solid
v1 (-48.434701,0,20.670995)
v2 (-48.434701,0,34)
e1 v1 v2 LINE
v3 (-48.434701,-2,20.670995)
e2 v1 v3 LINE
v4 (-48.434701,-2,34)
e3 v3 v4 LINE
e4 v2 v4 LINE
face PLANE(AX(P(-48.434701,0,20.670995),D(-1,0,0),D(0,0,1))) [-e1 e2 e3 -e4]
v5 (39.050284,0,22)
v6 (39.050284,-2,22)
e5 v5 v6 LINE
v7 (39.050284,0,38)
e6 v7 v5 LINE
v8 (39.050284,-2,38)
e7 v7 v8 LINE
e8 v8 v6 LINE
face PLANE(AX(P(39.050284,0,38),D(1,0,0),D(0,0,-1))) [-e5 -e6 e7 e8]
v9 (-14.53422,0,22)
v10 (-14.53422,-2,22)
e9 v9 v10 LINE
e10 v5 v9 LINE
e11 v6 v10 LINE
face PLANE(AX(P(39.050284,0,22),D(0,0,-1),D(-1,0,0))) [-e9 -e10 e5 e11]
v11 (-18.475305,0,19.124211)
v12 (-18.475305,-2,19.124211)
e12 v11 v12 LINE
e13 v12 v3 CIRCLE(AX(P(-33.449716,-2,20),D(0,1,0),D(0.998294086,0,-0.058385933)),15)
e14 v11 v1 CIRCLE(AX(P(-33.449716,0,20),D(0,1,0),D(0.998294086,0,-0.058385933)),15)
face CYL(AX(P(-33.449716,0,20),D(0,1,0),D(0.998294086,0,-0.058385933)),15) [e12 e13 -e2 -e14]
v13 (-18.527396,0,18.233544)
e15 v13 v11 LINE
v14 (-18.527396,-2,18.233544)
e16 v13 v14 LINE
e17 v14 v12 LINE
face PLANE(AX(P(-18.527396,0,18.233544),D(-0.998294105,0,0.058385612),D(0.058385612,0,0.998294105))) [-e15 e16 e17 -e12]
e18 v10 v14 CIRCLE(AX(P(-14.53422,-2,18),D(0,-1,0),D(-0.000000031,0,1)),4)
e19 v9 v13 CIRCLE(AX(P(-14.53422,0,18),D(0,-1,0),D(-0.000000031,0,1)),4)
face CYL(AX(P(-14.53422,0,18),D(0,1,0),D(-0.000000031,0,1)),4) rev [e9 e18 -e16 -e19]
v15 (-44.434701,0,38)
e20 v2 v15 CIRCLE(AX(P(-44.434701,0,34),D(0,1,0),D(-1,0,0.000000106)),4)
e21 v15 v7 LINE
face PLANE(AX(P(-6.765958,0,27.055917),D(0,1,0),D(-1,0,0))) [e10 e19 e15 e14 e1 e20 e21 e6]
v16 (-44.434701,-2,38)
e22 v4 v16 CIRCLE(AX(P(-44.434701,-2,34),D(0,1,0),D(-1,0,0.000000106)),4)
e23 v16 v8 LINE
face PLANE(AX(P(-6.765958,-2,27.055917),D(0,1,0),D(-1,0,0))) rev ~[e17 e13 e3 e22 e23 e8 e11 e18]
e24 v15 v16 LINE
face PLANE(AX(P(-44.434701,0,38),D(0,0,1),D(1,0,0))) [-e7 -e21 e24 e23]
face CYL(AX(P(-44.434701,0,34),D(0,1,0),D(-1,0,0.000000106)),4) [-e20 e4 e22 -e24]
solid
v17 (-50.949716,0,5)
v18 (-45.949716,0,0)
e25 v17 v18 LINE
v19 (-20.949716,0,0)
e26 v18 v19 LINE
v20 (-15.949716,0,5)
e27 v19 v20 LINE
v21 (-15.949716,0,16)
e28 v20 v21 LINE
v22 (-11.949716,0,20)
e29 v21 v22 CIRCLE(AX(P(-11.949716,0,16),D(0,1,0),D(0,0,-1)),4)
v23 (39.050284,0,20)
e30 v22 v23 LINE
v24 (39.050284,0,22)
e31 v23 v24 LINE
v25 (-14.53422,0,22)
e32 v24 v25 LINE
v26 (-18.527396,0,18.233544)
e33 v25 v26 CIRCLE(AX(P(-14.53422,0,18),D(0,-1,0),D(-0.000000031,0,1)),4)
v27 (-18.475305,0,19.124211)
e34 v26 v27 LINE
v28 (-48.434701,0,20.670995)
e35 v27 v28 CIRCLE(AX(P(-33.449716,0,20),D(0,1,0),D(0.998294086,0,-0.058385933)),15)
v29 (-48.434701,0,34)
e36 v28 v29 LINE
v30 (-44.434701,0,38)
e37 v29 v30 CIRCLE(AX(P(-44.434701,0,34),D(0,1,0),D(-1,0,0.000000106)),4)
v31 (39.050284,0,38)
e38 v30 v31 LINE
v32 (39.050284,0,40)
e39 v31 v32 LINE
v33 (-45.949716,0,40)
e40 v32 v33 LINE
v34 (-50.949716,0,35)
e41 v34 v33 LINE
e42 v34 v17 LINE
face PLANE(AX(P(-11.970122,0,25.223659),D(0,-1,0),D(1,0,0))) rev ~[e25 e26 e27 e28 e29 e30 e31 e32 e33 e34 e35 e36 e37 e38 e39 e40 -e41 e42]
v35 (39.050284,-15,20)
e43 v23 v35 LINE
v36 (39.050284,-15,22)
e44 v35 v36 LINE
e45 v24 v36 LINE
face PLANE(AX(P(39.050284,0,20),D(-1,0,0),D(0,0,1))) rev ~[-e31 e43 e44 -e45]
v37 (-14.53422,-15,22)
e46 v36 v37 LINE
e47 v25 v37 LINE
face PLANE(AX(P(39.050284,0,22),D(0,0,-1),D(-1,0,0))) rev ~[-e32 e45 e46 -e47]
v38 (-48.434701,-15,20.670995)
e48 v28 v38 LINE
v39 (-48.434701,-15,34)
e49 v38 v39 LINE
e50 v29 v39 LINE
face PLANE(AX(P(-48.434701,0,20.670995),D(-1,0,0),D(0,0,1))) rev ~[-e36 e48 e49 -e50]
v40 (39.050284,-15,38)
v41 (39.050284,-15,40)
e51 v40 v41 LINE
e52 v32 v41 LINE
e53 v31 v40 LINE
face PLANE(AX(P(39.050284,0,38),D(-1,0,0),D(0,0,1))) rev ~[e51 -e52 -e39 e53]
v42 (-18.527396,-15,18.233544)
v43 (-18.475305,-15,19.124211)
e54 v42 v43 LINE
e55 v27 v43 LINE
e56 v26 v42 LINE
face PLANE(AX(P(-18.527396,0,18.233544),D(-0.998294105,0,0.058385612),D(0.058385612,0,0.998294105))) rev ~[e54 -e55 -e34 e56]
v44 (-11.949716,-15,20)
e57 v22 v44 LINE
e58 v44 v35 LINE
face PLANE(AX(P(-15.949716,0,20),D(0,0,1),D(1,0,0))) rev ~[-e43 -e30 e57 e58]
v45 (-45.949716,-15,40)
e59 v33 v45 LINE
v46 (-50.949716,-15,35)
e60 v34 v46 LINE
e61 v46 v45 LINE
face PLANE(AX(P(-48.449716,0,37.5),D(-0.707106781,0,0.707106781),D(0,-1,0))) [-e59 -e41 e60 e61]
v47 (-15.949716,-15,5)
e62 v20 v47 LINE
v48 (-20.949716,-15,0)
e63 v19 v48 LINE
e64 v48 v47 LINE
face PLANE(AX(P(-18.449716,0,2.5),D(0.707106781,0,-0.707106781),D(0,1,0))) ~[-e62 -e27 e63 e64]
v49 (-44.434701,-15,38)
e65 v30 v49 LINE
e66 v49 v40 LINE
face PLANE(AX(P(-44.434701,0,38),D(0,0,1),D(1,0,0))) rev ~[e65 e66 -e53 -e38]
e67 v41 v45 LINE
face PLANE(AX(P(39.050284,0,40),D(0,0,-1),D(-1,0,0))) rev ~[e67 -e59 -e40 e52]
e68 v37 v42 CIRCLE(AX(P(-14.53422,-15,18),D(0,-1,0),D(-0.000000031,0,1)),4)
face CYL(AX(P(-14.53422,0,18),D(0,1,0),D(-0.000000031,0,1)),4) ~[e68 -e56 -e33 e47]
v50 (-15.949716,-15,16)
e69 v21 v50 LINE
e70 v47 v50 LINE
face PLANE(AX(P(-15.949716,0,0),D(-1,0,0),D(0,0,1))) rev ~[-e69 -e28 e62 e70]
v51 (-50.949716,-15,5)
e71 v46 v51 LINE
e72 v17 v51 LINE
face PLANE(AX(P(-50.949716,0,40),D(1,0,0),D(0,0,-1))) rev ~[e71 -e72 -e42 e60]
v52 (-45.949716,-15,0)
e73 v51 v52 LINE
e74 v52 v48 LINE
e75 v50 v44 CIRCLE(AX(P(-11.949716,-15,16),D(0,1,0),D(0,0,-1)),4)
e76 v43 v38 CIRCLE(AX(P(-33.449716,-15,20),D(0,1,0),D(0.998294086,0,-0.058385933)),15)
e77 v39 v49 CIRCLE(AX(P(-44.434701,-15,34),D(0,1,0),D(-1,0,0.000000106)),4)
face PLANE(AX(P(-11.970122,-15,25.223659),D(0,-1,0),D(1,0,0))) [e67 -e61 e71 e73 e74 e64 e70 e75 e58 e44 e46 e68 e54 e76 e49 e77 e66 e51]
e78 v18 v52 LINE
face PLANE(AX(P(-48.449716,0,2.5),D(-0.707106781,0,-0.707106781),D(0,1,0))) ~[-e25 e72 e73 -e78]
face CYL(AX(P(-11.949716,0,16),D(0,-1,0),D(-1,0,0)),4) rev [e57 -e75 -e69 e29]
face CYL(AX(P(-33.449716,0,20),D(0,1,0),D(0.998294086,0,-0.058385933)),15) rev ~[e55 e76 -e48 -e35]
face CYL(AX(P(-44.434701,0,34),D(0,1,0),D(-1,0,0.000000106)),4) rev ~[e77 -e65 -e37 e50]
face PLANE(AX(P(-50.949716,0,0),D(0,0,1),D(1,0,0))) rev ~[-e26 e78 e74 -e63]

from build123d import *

# Parameters (mm, degrees)
F1_DEPTH = 15
F3_DEPTH = 2
F4_SIZE  = 5
F5_R     = 4


with BuildPart() as f1:
    # F0 (on Front) → F1 (new body)
    with BuildSketch(Plane.XZ):
        with BuildLine():
            Line((-50.949716, 40), (-50.949716, 0))
            Line((-50.949716, 0), (-15.949716, 0))
            Line((-15.949716, 0), (-15.949716, 20))
            Line((-15.949716, 20), (39.050284, 20))
            Line((39.050284, 20), (39.050284, 22))
            Line((39.050284, 22), (-14.53422, 22))
            ThreePointArc((-14.53422, 22), (-17.278835, 20.909826), (-18.527396, 18.233544))
            Line((-18.527396, 18.233544), (-18.475305, 19.124211))
            ThreePointArc((-18.475305, 19.124211), (-34.223126, 5.019952), (-48.434701, 20.670995))
            Line((-48.434701, 20.670995), (-48.434701, 34))
            ThreePointArc((-48.434701, 34), (-47.263128, 36.828427), (-44.434701, 38))
            Line((-44.434701, 38), (39.050284, 38))
            Line((39.050284, 38), (39.050284, 40))
            Line((39.050284, 40), (-50.949716, 40))
        make_face()
    extrude(amount=F1_DEPTH)

    # F4
    f4_edges = [f1.edges().sort_by_distance(p)[0] for p in [
        (-50.949716, -7.5, 0),
        (-15.949716, -7.5, 0),
        (-50.949716, -7.5, 40),
    ]]
    chamfer(f4_edges, length=F4_SIZE)

    # F5
    f5_edges = [f1.edges().sort_by_distance(p)[0] for p in [
        (-15.949716, -7.5, 20),
    ]]
    fillet(f5_edges, radius=F5_R)


with BuildPart() as f3:
    # F2 (on face) → F3 (new body)
    with BuildSketch(Plane(origin=(0, 0, 0), x_dir=(-1, 0, 0), z_dir=(0, 1, 0))):
        with BuildLine():
            Line((-39.050284, 38), (-39.050284, 22))
            Line((-39.050284, 22), (14.53422, 22))
            ThreePointArc((14.53422, 22), (17.278835, 20.909826), (18.527396, 18.233544))
            Line((18.527396, 18.233544), (18.475305, 19.124211))
            ThreePointArc((18.475305, 19.124211), (34.223126, 5.019952), (48.434701, 20.670995))
            Line((48.434701, 20.670995), (48.434701, 34))
            ThreePointArc((48.434701, 34), (47.263128, 36.828427), (44.434701, 38))
            Line((44.434701, 38), (-39.050284, 38))
        make_face()
    extrude(amount=-F3_DEPTH)


solid = Compound([f1.part, f3.part])
